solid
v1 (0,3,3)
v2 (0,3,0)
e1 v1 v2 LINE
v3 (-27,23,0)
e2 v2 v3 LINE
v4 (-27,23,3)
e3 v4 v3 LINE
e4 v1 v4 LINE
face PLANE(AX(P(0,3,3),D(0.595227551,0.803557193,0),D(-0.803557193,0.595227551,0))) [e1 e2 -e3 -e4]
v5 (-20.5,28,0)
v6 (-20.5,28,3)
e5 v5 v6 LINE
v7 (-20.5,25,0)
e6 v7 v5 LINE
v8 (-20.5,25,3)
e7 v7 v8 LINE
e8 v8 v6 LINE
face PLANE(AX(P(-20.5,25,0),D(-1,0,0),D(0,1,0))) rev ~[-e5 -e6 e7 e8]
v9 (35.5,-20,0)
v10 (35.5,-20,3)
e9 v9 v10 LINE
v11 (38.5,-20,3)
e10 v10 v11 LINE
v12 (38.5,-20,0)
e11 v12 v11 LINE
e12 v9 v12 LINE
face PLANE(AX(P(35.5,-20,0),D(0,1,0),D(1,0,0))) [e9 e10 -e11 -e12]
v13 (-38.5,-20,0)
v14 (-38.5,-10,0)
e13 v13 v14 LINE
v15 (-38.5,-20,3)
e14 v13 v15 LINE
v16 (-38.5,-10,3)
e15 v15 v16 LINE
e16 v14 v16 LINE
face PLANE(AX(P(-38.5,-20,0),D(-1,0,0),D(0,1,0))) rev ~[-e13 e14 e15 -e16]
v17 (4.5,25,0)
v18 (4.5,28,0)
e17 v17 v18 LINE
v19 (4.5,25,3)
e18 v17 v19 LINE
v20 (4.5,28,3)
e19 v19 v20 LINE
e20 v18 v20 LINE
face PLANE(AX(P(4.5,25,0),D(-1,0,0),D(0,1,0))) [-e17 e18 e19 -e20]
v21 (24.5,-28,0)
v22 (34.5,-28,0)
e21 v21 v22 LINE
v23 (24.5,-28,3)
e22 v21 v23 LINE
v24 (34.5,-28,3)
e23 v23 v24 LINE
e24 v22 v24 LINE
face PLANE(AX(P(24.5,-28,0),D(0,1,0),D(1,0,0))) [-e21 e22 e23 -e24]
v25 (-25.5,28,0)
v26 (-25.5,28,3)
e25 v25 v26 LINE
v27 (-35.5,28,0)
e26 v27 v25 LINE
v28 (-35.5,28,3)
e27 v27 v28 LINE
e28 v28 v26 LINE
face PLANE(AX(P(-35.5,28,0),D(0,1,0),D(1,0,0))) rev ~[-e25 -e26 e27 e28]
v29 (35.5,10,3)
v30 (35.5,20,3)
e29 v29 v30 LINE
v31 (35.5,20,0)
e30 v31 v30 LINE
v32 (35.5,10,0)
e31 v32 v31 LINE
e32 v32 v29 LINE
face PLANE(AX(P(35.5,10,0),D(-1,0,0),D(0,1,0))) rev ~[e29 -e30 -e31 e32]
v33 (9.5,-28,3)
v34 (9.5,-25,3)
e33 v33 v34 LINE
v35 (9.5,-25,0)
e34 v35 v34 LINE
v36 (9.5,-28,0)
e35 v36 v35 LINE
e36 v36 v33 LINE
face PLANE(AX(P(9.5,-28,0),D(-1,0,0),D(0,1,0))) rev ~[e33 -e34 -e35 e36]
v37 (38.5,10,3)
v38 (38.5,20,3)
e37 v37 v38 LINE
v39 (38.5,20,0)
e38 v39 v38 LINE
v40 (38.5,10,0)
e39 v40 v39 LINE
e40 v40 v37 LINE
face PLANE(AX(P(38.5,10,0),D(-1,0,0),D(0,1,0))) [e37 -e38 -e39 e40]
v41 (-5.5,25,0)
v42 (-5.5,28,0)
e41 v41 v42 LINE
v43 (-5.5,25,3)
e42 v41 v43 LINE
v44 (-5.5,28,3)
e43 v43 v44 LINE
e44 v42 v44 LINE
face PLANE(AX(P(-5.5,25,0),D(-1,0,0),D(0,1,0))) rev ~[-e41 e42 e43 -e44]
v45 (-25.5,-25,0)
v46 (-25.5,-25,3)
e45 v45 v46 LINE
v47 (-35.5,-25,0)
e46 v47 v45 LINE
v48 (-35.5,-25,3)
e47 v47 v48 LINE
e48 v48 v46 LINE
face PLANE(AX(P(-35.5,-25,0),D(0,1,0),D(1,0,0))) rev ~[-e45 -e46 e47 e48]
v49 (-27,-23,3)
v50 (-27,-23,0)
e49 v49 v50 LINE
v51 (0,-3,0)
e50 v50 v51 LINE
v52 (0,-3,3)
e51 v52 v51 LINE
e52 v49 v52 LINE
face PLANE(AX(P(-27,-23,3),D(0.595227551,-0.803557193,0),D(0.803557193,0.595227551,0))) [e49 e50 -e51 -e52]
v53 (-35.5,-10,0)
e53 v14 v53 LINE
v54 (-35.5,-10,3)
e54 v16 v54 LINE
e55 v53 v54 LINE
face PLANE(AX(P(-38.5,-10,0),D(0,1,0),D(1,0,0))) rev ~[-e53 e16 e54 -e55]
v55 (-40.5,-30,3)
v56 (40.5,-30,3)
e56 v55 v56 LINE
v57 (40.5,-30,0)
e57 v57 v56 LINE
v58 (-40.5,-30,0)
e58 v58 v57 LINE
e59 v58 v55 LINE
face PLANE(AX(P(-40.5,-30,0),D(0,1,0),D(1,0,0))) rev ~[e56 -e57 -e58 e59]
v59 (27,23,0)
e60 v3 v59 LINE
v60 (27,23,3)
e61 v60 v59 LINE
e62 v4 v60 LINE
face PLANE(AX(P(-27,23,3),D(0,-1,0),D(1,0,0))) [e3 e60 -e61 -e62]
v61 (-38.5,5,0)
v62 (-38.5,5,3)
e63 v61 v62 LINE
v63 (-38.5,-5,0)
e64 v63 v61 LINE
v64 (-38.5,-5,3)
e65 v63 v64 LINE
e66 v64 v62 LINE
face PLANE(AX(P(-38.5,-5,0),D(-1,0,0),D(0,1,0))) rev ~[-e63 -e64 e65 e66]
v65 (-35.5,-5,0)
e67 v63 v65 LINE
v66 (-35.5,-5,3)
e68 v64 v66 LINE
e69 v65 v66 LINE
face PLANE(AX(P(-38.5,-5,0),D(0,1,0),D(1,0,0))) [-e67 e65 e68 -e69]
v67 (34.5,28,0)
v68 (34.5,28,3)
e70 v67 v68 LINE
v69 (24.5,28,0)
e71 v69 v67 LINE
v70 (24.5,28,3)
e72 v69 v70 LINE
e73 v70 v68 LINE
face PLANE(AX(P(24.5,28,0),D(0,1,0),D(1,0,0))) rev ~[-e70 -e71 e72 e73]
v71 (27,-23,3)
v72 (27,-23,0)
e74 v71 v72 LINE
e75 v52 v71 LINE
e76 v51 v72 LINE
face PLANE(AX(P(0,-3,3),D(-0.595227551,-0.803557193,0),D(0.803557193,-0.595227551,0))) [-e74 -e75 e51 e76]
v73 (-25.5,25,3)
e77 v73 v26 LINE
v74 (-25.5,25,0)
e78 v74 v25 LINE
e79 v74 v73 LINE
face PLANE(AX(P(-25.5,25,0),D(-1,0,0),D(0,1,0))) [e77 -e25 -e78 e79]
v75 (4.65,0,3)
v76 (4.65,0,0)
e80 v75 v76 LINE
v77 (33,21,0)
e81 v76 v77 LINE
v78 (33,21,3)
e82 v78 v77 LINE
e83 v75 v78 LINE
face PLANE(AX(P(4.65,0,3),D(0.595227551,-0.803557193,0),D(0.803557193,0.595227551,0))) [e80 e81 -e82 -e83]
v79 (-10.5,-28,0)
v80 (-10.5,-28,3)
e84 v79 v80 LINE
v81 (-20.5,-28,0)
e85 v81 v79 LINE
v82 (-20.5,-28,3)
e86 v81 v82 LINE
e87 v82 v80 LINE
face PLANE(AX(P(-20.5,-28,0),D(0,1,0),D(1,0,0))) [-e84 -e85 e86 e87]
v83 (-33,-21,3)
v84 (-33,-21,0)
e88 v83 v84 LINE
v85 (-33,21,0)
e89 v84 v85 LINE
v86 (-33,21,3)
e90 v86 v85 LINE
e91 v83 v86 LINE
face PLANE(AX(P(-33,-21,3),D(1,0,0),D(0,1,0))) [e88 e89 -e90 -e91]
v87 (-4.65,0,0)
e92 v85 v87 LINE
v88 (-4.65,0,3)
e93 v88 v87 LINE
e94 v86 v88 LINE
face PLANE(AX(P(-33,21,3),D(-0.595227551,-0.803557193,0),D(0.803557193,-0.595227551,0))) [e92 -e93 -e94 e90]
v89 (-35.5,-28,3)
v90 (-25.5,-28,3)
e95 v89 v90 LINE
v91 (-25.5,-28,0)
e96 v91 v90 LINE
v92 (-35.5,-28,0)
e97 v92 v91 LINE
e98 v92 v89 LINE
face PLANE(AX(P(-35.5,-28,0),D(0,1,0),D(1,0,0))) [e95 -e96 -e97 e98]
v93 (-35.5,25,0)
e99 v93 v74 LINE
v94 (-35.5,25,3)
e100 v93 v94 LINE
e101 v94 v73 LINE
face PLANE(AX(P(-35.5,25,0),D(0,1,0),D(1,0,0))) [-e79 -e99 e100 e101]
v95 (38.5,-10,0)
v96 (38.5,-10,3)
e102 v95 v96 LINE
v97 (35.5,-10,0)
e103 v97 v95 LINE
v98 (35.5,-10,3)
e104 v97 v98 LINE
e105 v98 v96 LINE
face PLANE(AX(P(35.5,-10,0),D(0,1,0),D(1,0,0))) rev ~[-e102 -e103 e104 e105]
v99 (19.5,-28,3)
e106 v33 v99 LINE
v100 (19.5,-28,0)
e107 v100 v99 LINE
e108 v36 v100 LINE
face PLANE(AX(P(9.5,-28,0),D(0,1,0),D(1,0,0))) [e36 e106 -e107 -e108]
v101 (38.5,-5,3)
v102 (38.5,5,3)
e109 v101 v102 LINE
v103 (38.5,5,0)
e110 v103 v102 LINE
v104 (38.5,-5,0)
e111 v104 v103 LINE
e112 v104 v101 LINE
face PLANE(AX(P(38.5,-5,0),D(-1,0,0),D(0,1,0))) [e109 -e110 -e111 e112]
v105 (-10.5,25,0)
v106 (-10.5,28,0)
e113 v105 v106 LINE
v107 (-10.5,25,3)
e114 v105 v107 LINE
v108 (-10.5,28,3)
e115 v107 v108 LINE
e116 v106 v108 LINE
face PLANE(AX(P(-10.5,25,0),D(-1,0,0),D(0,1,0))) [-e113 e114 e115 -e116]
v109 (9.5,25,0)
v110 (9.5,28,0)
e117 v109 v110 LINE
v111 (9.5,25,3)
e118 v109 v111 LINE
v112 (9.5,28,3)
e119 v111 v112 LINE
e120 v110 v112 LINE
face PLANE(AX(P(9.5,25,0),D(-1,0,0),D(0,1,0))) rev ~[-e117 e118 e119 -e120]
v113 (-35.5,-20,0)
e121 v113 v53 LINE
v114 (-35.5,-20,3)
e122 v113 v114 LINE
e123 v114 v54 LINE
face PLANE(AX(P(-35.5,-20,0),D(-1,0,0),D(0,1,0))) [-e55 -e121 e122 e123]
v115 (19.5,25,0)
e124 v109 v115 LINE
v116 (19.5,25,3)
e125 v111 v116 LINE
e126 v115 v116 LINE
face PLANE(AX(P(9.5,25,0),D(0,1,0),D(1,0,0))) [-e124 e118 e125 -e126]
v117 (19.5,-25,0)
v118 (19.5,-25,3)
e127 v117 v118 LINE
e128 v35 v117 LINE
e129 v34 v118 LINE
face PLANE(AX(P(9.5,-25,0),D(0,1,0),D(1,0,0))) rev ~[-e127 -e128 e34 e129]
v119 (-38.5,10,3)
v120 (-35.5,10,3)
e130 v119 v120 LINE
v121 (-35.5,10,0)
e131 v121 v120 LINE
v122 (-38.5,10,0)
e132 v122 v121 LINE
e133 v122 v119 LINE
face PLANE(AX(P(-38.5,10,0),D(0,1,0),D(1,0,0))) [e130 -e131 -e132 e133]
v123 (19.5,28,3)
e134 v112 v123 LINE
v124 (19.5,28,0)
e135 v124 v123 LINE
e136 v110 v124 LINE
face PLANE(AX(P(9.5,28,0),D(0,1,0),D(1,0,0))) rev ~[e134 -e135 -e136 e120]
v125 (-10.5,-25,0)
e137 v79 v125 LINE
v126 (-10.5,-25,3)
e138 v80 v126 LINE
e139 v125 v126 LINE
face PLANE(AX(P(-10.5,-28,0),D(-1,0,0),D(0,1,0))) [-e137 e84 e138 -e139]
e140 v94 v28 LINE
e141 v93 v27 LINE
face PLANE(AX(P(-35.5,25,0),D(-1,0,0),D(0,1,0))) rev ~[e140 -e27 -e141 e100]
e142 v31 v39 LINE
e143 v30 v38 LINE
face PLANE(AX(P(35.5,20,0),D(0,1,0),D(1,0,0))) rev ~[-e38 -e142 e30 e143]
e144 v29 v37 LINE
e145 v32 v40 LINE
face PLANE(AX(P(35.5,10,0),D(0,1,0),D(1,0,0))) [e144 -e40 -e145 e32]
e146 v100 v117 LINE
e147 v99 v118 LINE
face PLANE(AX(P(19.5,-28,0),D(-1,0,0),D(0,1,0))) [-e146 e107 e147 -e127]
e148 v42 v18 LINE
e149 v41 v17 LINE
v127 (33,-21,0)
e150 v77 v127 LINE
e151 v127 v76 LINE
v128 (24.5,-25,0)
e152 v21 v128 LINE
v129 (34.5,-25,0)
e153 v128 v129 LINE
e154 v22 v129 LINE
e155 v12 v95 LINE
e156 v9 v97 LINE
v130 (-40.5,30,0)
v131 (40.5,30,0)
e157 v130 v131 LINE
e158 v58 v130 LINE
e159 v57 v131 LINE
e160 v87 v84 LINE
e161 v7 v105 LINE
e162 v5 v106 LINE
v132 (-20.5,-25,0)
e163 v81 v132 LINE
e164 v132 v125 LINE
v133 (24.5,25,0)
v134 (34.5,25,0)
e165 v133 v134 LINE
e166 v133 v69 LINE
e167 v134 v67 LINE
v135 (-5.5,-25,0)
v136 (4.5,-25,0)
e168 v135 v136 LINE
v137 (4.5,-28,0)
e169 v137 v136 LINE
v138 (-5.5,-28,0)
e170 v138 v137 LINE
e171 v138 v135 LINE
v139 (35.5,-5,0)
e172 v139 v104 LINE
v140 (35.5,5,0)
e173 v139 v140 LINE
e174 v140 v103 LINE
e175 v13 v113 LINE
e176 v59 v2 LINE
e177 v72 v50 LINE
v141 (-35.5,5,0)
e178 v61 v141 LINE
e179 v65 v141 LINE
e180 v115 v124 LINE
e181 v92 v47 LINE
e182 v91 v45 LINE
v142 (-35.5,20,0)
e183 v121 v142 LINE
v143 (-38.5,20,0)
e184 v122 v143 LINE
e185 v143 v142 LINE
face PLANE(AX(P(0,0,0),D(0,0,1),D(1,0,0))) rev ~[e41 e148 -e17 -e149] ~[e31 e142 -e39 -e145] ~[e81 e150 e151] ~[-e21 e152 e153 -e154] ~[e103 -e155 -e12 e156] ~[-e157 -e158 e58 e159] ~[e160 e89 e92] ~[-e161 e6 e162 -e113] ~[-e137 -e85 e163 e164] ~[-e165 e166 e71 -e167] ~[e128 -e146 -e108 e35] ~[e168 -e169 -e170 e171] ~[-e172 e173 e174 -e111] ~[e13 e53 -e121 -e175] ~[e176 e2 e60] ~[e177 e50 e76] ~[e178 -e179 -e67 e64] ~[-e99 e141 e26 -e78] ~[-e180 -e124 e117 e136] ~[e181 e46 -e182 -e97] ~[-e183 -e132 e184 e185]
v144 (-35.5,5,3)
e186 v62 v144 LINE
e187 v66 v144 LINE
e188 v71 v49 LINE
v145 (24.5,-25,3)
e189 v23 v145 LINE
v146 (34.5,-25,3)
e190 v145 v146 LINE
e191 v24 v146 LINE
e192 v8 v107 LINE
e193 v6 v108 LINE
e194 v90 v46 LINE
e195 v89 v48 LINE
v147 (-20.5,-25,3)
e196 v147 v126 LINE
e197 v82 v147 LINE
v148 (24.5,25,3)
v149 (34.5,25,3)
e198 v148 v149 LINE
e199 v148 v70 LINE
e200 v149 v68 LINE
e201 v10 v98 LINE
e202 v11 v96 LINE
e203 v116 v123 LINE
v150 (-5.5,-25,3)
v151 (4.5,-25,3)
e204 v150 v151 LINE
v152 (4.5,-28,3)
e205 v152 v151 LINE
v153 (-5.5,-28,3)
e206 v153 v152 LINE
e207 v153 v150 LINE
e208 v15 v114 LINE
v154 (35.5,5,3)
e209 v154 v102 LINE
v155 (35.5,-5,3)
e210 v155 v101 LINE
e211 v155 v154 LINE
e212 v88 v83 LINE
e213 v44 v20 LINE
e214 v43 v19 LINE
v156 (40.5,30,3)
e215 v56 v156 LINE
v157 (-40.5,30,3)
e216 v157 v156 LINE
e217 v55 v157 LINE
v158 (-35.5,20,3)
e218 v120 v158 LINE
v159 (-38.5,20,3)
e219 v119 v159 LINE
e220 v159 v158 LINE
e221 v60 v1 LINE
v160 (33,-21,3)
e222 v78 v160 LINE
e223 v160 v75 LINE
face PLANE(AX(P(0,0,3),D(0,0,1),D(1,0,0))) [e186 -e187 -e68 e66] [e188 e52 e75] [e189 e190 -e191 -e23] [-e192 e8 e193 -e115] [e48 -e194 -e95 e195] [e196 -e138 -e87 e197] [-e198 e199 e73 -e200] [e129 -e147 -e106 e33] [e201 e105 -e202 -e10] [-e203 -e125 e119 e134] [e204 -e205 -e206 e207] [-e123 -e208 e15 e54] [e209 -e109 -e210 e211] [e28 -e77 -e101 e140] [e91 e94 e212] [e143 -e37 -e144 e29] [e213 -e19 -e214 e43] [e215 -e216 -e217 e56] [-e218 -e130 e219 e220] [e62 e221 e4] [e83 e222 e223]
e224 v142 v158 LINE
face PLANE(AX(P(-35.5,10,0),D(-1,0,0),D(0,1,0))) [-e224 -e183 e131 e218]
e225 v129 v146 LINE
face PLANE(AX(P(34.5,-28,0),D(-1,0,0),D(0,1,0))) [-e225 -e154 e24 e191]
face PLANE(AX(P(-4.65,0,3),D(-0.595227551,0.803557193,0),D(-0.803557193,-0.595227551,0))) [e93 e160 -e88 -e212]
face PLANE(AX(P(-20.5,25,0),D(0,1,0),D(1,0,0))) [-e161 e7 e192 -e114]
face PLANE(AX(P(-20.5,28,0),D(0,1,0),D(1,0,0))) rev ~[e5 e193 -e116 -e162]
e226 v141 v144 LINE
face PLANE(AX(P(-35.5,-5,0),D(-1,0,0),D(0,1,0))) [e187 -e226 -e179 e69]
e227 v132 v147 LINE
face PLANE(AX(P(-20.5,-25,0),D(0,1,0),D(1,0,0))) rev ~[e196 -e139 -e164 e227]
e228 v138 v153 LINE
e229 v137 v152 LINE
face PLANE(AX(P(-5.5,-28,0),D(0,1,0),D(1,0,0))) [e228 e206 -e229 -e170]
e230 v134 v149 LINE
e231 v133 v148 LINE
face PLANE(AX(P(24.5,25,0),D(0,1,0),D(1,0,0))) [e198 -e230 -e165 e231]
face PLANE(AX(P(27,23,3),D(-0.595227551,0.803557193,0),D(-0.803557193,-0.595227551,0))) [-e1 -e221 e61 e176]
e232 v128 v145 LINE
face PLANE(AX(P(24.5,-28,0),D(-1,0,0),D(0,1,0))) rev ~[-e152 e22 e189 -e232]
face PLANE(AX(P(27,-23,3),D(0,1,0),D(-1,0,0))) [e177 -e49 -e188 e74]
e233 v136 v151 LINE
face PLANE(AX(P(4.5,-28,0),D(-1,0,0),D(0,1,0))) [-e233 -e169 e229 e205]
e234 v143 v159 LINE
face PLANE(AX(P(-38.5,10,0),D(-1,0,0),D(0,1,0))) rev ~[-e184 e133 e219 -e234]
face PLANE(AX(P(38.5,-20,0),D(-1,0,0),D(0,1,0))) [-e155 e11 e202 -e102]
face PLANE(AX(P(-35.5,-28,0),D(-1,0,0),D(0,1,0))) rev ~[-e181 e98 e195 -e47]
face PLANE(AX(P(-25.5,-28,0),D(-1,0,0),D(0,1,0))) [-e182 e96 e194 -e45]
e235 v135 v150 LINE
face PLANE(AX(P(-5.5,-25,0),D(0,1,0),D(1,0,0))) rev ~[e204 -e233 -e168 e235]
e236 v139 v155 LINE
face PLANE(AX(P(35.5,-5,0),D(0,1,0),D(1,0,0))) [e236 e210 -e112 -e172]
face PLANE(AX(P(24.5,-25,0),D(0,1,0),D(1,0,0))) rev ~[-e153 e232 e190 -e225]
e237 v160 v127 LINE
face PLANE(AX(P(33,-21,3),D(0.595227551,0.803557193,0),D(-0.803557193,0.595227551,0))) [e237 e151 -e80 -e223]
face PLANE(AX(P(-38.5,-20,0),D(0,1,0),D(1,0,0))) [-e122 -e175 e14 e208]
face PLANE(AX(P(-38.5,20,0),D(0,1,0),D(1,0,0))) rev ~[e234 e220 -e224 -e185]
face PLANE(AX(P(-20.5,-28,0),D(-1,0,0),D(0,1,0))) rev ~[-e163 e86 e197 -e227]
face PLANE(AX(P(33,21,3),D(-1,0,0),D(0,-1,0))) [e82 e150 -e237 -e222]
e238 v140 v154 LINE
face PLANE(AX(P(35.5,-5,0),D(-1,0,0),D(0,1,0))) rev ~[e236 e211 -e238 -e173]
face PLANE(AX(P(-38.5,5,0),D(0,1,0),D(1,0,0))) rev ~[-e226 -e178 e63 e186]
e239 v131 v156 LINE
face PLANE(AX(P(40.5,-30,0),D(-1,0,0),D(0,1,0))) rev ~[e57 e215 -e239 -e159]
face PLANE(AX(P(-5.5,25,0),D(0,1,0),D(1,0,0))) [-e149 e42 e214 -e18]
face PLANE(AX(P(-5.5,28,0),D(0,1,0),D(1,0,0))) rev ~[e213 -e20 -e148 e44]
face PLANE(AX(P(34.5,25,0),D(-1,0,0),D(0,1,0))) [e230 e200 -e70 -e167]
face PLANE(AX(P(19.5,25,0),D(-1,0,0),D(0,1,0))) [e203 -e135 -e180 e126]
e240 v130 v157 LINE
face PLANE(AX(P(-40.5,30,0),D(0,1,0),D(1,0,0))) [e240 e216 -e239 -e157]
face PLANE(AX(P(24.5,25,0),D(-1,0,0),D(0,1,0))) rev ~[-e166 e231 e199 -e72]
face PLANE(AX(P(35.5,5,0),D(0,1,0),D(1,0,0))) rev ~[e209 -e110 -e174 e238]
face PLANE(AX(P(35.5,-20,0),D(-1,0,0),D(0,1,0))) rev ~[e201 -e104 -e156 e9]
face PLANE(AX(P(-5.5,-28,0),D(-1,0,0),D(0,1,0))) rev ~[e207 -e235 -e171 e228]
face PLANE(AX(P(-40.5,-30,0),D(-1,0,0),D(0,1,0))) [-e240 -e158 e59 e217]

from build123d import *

# Parameters (mm, degrees)
SKETCH_1_W          = 81
SKETCH_1_H          = 60
SKETCH_1_W_2        = 10
SKETCH_1_H_2        = 3
SKETCH_1_W_3        = 3
SKETCH_1_H_3        = 10
EXTRUDE_1_DEPTH     = 3
CUT_EXTRUDE_1_DEPTH = 10


with BuildPart() as part:
    # 草图1 → 凸台-拉伸1 (new body)
    with BuildSketch(Plane.XY):
        Rectangle(SKETCH_1_W, SKETCH_1_H)
        with Locations((-30.5, 26.5)):
            Rectangle(SKETCH_1_W_2, SKETCH_1_H_2, mode=Mode.SUBTRACT)
        with Locations((-37, 15)):
            Rectangle(SKETCH_1_W_3, SKETCH_1_H_3, mode=Mode.SUBTRACT)
        with Locations((-37, 0)):
            Rectangle(SKETCH_1_W_3, SKETCH_1_H_3, mode=Mode.SUBTRACT)
        with Locations((-37, -15)):
            Rectangle(SKETCH_1_W_3, SKETCH_1_H_3, mode=Mode.SUBTRACT)
        with Locations((37, -15)):
            Rectangle(SKETCH_1_W_3, SKETCH_1_H_3, mode=Mode.SUBTRACT)
        with Locations((37, 0)):
            Rectangle(SKETCH_1_W_3, SKETCH_1_H_3, mode=Mode.SUBTRACT)
        with Locations((37, 15)):
            Rectangle(SKETCH_1_W_3, SKETCH_1_H_3, mode=Mode.SUBTRACT)
        with Locations((-15.5, 26.5)):
            Rectangle(SKETCH_1_W_2, SKETCH_1_H_2, mode=Mode.SUBTRACT)
        with Locations((-0.5, 26.5)):
            Rectangle(SKETCH_1_W_2, SKETCH_1_H_2, mode=Mode.SUBTRACT)
        with Locations((14.5, 26.5)):
            Rectangle(SKETCH_1_W_2, SKETCH_1_H_2, mode=Mode.SUBTRACT)
        with Locations((29.5, 26.5)):
            Rectangle(SKETCH_1_W_2, SKETCH_1_H_2, mode=Mode.SUBTRACT)
        with Locations((29.5, -26.5)):
            Rectangle(SKETCH_1_W_2, SKETCH_1_H_2, mode=Mode.SUBTRACT)
        with Locations((14.5, -26.5)):
            Rectangle(SKETCH_1_W_2, SKETCH_1_H_2, mode=Mode.SUBTRACT)
        with Locations((-0.5, -26.5)):
            Rectangle(SKETCH_1_W_2, SKETCH_1_H_2, mode=Mode.SUBTRACT)
        with Locations((-15.5, -26.5)):
            Rectangle(SKETCH_1_W_2, SKETCH_1_H_2, mode=Mode.SUBTRACT)
        with Locations((-30.5, -26.5)):
            Rectangle(SKETCH_1_W_2, SKETCH_1_H_2, mode=Mode.SUBTRACT)
    extrude(amount=EXTRUDE_1_DEPTH)

    # 草图2 → 切除-拉伸1 (cut)
    with BuildSketch(Plane.XY.offset(3)):
        Polygon((-27, 23), (27, 23), (0, 3), align=None)
        Polygon((-27, -23), (0, -3), (27, -23), align=None)
        Polygon((33, 21), (33, -21), (4.65, 0), align=None)
        Polygon((-33, 21), (-4.65, 0), (-33, -21), align=None)
    extrude(amount=-CUT_EXTRUDE_1_DEPTH, mode=Mode.SUBTRACT)


solid = part.part
